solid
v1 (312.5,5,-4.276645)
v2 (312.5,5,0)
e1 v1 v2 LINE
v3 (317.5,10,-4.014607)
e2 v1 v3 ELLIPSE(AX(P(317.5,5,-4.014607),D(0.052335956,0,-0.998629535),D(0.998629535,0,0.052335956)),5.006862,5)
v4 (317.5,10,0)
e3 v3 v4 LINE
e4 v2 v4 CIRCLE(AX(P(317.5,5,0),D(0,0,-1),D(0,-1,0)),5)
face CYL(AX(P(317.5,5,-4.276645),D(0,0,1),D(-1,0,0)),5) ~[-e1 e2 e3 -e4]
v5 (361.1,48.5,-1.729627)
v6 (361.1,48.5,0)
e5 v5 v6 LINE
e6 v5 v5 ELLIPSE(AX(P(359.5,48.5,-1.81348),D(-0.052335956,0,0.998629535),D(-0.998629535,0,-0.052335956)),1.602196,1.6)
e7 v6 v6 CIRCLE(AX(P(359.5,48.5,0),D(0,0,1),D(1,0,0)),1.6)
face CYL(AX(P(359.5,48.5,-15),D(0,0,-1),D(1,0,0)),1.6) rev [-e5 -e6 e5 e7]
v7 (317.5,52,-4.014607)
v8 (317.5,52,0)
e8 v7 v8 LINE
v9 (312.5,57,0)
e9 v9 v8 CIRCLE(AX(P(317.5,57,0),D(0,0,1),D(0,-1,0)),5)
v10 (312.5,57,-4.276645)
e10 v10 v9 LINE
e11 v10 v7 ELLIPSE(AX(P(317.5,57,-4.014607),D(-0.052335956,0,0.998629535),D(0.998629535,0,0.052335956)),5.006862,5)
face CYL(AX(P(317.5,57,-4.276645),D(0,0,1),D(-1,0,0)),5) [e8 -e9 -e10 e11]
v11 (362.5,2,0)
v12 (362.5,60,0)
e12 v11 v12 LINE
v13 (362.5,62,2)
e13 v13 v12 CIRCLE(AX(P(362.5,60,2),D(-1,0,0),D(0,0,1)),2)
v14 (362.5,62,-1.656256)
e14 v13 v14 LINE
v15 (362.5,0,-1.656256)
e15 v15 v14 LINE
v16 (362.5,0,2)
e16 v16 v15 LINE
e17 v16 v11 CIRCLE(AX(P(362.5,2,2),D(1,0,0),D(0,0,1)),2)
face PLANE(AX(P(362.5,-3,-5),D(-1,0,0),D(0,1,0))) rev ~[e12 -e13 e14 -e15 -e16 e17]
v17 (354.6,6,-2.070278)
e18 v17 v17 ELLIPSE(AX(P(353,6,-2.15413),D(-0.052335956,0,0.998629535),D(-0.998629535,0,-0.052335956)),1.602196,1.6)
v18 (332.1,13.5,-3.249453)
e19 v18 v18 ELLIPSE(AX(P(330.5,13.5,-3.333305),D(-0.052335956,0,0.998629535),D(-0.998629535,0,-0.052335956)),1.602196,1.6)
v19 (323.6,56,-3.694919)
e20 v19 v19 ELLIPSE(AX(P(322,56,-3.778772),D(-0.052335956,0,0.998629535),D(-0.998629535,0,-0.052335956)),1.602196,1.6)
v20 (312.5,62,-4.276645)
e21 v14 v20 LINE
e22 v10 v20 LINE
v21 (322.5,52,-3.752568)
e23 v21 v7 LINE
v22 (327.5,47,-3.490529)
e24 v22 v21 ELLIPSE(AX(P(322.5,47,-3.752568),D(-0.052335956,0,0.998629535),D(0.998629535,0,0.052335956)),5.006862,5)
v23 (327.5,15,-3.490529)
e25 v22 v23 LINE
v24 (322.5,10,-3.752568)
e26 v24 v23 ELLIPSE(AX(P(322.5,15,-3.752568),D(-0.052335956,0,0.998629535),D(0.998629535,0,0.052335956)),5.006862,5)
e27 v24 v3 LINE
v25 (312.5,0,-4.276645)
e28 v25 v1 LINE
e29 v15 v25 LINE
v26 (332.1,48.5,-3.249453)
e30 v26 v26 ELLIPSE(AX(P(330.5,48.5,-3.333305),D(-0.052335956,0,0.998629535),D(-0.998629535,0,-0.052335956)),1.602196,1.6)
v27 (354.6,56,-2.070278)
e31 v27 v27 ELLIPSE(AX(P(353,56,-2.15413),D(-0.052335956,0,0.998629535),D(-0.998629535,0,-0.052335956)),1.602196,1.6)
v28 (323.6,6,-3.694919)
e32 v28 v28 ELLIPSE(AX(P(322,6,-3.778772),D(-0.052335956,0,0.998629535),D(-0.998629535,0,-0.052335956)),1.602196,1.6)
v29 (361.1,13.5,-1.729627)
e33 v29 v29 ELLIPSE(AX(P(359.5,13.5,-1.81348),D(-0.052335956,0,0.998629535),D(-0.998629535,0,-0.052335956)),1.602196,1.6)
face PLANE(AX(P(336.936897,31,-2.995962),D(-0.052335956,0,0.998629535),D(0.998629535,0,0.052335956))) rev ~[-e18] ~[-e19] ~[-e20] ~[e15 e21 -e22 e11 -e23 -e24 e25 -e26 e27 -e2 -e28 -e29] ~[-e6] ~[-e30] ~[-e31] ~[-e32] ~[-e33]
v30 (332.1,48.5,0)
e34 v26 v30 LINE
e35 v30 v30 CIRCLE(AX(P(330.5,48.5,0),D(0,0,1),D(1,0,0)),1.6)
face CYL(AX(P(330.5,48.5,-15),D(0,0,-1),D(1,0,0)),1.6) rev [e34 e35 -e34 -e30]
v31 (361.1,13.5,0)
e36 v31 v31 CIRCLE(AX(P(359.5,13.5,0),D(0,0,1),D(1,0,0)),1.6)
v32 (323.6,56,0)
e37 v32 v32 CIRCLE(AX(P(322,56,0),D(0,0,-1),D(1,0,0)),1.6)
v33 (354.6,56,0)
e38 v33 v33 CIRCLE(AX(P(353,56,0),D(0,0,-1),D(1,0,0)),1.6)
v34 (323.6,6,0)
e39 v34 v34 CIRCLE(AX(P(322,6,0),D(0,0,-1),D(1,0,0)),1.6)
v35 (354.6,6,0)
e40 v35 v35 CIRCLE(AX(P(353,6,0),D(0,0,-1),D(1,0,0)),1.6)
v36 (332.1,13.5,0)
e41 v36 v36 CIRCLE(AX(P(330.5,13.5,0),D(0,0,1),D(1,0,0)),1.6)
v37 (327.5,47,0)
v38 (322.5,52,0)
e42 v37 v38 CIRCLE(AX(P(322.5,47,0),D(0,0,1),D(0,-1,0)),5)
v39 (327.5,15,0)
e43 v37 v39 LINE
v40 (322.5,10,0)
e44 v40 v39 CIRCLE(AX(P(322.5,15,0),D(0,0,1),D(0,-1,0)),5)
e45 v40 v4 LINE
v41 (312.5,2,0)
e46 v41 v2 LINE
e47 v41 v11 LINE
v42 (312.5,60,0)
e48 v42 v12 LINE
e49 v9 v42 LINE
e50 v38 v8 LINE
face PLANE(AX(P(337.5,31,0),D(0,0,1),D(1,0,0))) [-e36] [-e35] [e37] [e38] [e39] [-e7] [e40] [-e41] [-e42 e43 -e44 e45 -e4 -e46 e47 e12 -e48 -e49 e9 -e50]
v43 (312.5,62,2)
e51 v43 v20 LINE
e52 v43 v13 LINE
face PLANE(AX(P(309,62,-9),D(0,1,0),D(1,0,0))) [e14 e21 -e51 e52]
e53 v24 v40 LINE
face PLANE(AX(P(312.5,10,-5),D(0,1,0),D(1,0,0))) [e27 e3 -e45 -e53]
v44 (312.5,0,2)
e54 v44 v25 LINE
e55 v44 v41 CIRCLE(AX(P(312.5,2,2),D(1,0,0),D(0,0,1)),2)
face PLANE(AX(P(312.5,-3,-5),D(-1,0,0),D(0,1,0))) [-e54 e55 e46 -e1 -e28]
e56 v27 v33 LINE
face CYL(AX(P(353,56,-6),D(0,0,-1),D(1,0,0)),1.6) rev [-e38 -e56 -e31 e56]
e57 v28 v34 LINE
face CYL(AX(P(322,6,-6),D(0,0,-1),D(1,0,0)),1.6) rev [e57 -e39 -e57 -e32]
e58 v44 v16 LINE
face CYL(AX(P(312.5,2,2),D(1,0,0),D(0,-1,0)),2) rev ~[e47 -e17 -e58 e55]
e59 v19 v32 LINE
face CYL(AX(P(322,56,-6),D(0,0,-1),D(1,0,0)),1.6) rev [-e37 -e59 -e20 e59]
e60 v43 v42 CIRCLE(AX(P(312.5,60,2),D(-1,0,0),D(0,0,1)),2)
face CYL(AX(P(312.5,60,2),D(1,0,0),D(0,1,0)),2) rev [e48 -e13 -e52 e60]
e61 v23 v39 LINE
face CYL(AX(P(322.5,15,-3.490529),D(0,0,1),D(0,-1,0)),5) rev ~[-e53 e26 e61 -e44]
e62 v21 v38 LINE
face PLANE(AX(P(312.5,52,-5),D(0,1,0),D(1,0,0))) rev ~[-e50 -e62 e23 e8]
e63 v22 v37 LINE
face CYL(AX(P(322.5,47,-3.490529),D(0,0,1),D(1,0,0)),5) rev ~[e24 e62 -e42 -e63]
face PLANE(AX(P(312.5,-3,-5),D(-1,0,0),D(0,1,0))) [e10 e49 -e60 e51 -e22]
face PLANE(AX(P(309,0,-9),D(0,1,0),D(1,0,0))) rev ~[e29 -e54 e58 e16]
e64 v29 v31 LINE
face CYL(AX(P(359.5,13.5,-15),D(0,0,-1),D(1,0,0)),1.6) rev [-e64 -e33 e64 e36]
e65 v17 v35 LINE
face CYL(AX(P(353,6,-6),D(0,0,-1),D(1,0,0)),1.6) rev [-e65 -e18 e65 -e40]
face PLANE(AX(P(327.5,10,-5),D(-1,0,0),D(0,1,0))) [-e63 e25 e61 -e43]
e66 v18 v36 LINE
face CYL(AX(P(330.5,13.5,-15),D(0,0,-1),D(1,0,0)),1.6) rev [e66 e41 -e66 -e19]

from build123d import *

# Parameters (mm, degrees)
CYLINDER138_R          = 1.6
CYLINDER138_DEPTH      = 10
CYLINDER139_R          = 1.6
CYLINDER139_DEPTH      = 10
CYLINDER140_R          = 1.6
CYLINDER140_DEPTH      = 10
CYLINDER141_R          = 1.6
CYLINDER141_DEPTH      = 10
BOX063_W               = 62
BOX063_H               = 10
BOX063_DEPTH           = 29
BOX064_W               = 62
BOX064_H               = 10
BOX064_DEPTH           = 29
CYLINDER103_R          = 1.6
CYLINDER103_DEPTH      = 10
CYLINDER102_R          = 1.6
CYLINDER102_DEPTH      = 10
CYLINDER104_R          = 1.6
CYLINDER104_DEPTH      = 10
CYLINDER105_R          = 1.6
CYLINDER105_DEPTH      = 10
CYLINDER099_R          = 1.6
CYLINDER099_DEPTH      = 15
CYLINDER098_R          = 1.6
CYLINDER098_DEPTH      = 15
CYLINDER101_R          = 1.6
CYLINDER101_DEPTH      = 15
CYLINDER100_R          = 1.6
CYLINDER100_DEPTH      = 15
BOX047_W               = 15
BOX047_H               = 42
BOX047_DEPTH           = 20
BOX046_W               = 50
BOX046_H               = 62
BOX046_DEPTH           = 20
FILLET018_R            = 2
BOX044_W               = 58
BOX044_H               = 68
BOX044_DEPTH           = 10
BOX044_PLACEMENT_ANGLE = 3
BOX045_W               = 50
BOX045_H               = 68
BOX045_DEPTH           = 22
FILLET019_R            = 5
FILLET020_R            = 2
FILLET021_R            = 5
FILLET022_R            = 3


with BuildPart() as cylinder138:
    # Cylinder138 → Cylinder138 (new body)
    with BuildSketch(Plane(origin=(320, 6, -6), x_dir=(1, 0, 0), z_dir=(0, 0, 1))):
        Circle(CYLINDER138_R)
    extrude(amount=CYLINDER138_DEPTH)


with BuildPart() as fusion116:
    # Cylinder139 → Cylinder139 (new body)
    with BuildSketch(Plane(origin=(320, 56, -6), x_dir=(1, 0, 0), z_dir=(0, 0, 1))):
        Circle(CYLINDER139_R)
    extrude(amount=CYLINDER139_DEPTH)

    # Fusion116: union Cylinder138
    add(cylinder138.part)


with BuildPart() as fusion116_1:
    # Fusion116 placement: moved
    add(fusion116.part.moved(Location((2, 0, 0))))


with BuildPart() as cylinder140:
    # Cylinder140 → Cylinder140 (new body)
    with BuildSketch(Plane(origin=(320, 6, -6), x_dir=(1, 0, 0), z_dir=(0, 0, 1))):
        Circle(CYLINDER140_R)
    extrude(amount=CYLINDER140_DEPTH)


with BuildPart() as fusion118:
    # Cylinder141 → Cylinder141 (new body)
    with BuildSketch(Plane(origin=(320, 56, -6), x_dir=(1, 0, 0), z_dir=(0, 0, 1))):
        Circle(CYLINDER141_R)
    extrude(amount=CYLINDER141_DEPTH)

    # Fusion117: union Cylinder140
    add(cylinder140.part)


with BuildPart() as fusion118_1:
    # Fusion117 placement: moved
    add(fusion118.part.moved(Location((33, 0, 0))))

    # Fusion118: union Fusion116
    add(fusion116_1.part)


with BuildPart() as cube042:
    # Box063 → Box063 (new body)
    with BuildSketch(Plane(origin=(309, -10, -9), x_dir=(1, 0, 0), z_dir=(0, 0, 1))):
        with Locations((31, 5)):
            Rectangle(BOX063_W, BOX063_H)
    extrude(amount=BOX063_DEPTH)


with BuildPart() as fusion115:
    # Box064 → Box064 (new body)
    with BuildSketch(Plane(origin=(309, 62, -9), x_dir=(1, 0, 0), z_dir=(0, 0, 1))):
        with Locations((31, 5)):
            Rectangle(BOX064_W, BOX064_H)
    extrude(amount=BOX064_DEPTH)

    # Fusion115: union Cube042
    add(cube042.part)


with BuildPart() as cylinder103:
    # Cylinder103 → Cylinder103 (new body)
    with BuildSketch(Plane(origin=(355, 7, 10), x_dir=(1, 0, 0), z_dir=(0, -1, 0))):
        Circle(CYLINDER103_R)
    extrude(amount=CYLINDER103_DEPTH)


with BuildPart() as fusion089:
    # Cylinder102 → Cylinder102 (new body)
    with BuildSketch(Plane(origin=(320, 7, 10), x_dir=(1, 0, 0), z_dir=(0, -1, 0))):
        Circle(CYLINDER102_R)
    extrude(amount=CYLINDER102_DEPTH)

    # Fusion089: union Cylinder103
    add(cylinder103.part)


with BuildPart() as cylinder104:
    # Cylinder104 → Cylinder104 (new body)
    with BuildSketch(Plane(origin=(355, 7, 10), x_dir=(1, 0, 0), z_dir=(0, -1, 0))):
        Circle(CYLINDER104_R)
    extrude(amount=CYLINDER104_DEPTH)


with BuildPart() as fusion091:
    # Cylinder105 → Cylinder105 (new body)
    with BuildSketch(Plane(origin=(320, 7, 10), x_dir=(1, 0, 0), z_dir=(0, -1, 0))):
        Circle(CYLINDER105_R)
    extrude(amount=CYLINDER105_DEPTH)

    # Fusion090: union Cylinder104
    add(cylinder104.part)


with BuildPart() as fusion091_1:
    # Fusion090 placement: moved
    add(fusion091.part.moved(Location((0, 58, 0))))

    # Fusion091: union Fusion089
    add(fusion089.part)


with BuildPart() as cylinder099:
    # Cylinder099 → Cylinder099 (new body)
    with BuildSketch(Plane(origin=(359.5, 13.5, -15), x_dir=(1, 0, 0), z_dir=(0, 0, 1))):
        Circle(CYLINDER099_R)
    extrude(amount=CYLINDER099_DEPTH)


with BuildPart() as fusion083:
    # Cylinder098 → Cylinder098 (new body)
    with BuildSketch(Plane(origin=(330.5, 13.5, -15), x_dir=(1, 0, 0), z_dir=(0, 0, 1))):
        Circle(CYLINDER098_R)
    extrude(amount=CYLINDER098_DEPTH)

    # Fusion083: union Cylinder099
    add(cylinder099.part)


with BuildPart() as cylinder101:
    # Cylinder101 → Cylinder101 (new body)
    with BuildSketch(Plane(origin=(359.5, 13.5, -15), x_dir=(1, 0, 0), z_dir=(0, 0, 1))):
        Circle(CYLINDER101_R)
    extrude(amount=CYLINDER101_DEPTH)


with BuildPart() as fusion085:
    # Cylinder100 → Cylinder100 (new body)
    with BuildSketch(Plane(origin=(330.5, 13.5, -15), x_dir=(1, 0, 0), z_dir=(0, 0, 1))):
        Circle(CYLINDER100_R)
    extrude(amount=CYLINDER100_DEPTH)

    # Fusion084: union Cylinder101
    add(cylinder101.part)


with BuildPart() as fusion085_1:
    # Fusion084 placement: moved
    add(fusion085.part.moved(Location((0, 35, 0))))

    # Fusion085: union Fusion083
    add(fusion083.part)


with BuildPart() as cube026:
    # Box047 → Box047 (new body)
    with BuildSketch(Plane(origin=(312.5, 10, -5), x_dir=(1, 0, 0), z_dir=(0, 0, 1))):
        with Locations((7.5, 21)):
            Rectangle(BOX047_W, BOX047_H)
    extrude(amount=BOX047_DEPTH)


with BuildPart() as fillet018:
    # Box046 → Box046 (new body)
    with BuildSketch(Plane(origin=(312.5, 0, 0), x_dir=(1, 0, 0), z_dir=(0, 0, 1))):
        with Locations((25, 31)):
            Rectangle(BOX046_W, BOX046_H)
    extrude(amount=BOX046_DEPTH)

    # Fillet018
    fillet018_edges = [fillet018.edges().sort_by_distance(p)[0] for p in [
        (337.5, 0, 0),
        (337.5, 62, 0),
    ]]
    fillet(fillet018_edges, radius=FILLET018_R)


with BuildPart() as cube023:
    # Box044 → Box044 (new body)
    with BuildSketch(Plane.XY):
        with Locations((29, 34)):
            Rectangle(BOX044_W, BOX044_H)
    extrude(amount=BOX044_DEPTH)


with BuildPart() as cube023_1:
    # Box044 placement: moved
    add(cube023.part.moved(Location((308.5, -3, -14.5))).rotate(Axis((308.5, -3, -14.5), (0, -1, 0)), BOX044_PLACEMENT_ANGLE))


with BuildPart() as battery_box_holder:
    # Box045 → Box045 (new body)
    with BuildSketch(Plane(origin=(312.5, -3, -5), x_dir=(1, 0, 0), z_dir=(0, 0, 1))):
        with Locations((25, 34)):
            Rectangle(BOX045_W, BOX045_H)
    extrude(amount=BOX045_DEPTH)

    # Cut051: cut Cube023
    add(cube023_1.part, mode=Mode.SUBTRACT)

    # Cut052: cut Fillet018
    add(fillet018.part, mode=Mode.SUBTRACT)

    # Cut053: cut Cube026
    add(cube026.part, mode=Mode.SUBTRACT)

    # Fillet019
    fillet019_edges = [battery_box_holder.edges().sort_by_distance(p)[0] for p in [
        (327.5, 10, -1.745264),
        (327.5, 52, -1.745264),
    ]]
    fillet(fillet019_edges, radius=FILLET019_R)

    # Fillet020
    fillet020_edges = [battery_box_holder.edges().sort_by_distance(p)[0] for p in [
        (337.5, -3, -2.966451),
        (337.5, 65, -2.966451),
    ]]
    fillet(fillet020_edges, radius=FILLET020_R)

    # Fillet021
    fillet021_edges = [battery_box_holder.edges().sort_by_distance(p)[0] for p in [
        (312.5, 10, -2.138323),
        (312.5, 52, -2.138323),
    ]]
    fillet(fillet021_edges, radius=FILLET021_R)

    # Cut054: cut Fusion085
    add(fusion085_1.part, mode=Mode.SUBTRACT)

    # Cut055: cut Fusion091
    add(fusion091_1.part, mode=Mode.SUBTRACT)

    # Fillet022
    fillet022_edges = [battery_box_holder.edges().sort_by_distance(p)[0] for p in [
        (312.5, -1.5, 17),
        (362.5, -1.5, 17),
        (362.5, 63.5, 17),
        (312.5, 63.5, 17),
    ]]
    fillet(fillet022_edges, radius=FILLET022_R)

    # Cut073: cut Fusion115
    add(fusion115.part, mode=Mode.SUBTRACT)

    # Cut074: cut Fusion118
    add(fusion118_1.part, mode=Mode.SUBTRACT)


solid = battery_box_holder.part
